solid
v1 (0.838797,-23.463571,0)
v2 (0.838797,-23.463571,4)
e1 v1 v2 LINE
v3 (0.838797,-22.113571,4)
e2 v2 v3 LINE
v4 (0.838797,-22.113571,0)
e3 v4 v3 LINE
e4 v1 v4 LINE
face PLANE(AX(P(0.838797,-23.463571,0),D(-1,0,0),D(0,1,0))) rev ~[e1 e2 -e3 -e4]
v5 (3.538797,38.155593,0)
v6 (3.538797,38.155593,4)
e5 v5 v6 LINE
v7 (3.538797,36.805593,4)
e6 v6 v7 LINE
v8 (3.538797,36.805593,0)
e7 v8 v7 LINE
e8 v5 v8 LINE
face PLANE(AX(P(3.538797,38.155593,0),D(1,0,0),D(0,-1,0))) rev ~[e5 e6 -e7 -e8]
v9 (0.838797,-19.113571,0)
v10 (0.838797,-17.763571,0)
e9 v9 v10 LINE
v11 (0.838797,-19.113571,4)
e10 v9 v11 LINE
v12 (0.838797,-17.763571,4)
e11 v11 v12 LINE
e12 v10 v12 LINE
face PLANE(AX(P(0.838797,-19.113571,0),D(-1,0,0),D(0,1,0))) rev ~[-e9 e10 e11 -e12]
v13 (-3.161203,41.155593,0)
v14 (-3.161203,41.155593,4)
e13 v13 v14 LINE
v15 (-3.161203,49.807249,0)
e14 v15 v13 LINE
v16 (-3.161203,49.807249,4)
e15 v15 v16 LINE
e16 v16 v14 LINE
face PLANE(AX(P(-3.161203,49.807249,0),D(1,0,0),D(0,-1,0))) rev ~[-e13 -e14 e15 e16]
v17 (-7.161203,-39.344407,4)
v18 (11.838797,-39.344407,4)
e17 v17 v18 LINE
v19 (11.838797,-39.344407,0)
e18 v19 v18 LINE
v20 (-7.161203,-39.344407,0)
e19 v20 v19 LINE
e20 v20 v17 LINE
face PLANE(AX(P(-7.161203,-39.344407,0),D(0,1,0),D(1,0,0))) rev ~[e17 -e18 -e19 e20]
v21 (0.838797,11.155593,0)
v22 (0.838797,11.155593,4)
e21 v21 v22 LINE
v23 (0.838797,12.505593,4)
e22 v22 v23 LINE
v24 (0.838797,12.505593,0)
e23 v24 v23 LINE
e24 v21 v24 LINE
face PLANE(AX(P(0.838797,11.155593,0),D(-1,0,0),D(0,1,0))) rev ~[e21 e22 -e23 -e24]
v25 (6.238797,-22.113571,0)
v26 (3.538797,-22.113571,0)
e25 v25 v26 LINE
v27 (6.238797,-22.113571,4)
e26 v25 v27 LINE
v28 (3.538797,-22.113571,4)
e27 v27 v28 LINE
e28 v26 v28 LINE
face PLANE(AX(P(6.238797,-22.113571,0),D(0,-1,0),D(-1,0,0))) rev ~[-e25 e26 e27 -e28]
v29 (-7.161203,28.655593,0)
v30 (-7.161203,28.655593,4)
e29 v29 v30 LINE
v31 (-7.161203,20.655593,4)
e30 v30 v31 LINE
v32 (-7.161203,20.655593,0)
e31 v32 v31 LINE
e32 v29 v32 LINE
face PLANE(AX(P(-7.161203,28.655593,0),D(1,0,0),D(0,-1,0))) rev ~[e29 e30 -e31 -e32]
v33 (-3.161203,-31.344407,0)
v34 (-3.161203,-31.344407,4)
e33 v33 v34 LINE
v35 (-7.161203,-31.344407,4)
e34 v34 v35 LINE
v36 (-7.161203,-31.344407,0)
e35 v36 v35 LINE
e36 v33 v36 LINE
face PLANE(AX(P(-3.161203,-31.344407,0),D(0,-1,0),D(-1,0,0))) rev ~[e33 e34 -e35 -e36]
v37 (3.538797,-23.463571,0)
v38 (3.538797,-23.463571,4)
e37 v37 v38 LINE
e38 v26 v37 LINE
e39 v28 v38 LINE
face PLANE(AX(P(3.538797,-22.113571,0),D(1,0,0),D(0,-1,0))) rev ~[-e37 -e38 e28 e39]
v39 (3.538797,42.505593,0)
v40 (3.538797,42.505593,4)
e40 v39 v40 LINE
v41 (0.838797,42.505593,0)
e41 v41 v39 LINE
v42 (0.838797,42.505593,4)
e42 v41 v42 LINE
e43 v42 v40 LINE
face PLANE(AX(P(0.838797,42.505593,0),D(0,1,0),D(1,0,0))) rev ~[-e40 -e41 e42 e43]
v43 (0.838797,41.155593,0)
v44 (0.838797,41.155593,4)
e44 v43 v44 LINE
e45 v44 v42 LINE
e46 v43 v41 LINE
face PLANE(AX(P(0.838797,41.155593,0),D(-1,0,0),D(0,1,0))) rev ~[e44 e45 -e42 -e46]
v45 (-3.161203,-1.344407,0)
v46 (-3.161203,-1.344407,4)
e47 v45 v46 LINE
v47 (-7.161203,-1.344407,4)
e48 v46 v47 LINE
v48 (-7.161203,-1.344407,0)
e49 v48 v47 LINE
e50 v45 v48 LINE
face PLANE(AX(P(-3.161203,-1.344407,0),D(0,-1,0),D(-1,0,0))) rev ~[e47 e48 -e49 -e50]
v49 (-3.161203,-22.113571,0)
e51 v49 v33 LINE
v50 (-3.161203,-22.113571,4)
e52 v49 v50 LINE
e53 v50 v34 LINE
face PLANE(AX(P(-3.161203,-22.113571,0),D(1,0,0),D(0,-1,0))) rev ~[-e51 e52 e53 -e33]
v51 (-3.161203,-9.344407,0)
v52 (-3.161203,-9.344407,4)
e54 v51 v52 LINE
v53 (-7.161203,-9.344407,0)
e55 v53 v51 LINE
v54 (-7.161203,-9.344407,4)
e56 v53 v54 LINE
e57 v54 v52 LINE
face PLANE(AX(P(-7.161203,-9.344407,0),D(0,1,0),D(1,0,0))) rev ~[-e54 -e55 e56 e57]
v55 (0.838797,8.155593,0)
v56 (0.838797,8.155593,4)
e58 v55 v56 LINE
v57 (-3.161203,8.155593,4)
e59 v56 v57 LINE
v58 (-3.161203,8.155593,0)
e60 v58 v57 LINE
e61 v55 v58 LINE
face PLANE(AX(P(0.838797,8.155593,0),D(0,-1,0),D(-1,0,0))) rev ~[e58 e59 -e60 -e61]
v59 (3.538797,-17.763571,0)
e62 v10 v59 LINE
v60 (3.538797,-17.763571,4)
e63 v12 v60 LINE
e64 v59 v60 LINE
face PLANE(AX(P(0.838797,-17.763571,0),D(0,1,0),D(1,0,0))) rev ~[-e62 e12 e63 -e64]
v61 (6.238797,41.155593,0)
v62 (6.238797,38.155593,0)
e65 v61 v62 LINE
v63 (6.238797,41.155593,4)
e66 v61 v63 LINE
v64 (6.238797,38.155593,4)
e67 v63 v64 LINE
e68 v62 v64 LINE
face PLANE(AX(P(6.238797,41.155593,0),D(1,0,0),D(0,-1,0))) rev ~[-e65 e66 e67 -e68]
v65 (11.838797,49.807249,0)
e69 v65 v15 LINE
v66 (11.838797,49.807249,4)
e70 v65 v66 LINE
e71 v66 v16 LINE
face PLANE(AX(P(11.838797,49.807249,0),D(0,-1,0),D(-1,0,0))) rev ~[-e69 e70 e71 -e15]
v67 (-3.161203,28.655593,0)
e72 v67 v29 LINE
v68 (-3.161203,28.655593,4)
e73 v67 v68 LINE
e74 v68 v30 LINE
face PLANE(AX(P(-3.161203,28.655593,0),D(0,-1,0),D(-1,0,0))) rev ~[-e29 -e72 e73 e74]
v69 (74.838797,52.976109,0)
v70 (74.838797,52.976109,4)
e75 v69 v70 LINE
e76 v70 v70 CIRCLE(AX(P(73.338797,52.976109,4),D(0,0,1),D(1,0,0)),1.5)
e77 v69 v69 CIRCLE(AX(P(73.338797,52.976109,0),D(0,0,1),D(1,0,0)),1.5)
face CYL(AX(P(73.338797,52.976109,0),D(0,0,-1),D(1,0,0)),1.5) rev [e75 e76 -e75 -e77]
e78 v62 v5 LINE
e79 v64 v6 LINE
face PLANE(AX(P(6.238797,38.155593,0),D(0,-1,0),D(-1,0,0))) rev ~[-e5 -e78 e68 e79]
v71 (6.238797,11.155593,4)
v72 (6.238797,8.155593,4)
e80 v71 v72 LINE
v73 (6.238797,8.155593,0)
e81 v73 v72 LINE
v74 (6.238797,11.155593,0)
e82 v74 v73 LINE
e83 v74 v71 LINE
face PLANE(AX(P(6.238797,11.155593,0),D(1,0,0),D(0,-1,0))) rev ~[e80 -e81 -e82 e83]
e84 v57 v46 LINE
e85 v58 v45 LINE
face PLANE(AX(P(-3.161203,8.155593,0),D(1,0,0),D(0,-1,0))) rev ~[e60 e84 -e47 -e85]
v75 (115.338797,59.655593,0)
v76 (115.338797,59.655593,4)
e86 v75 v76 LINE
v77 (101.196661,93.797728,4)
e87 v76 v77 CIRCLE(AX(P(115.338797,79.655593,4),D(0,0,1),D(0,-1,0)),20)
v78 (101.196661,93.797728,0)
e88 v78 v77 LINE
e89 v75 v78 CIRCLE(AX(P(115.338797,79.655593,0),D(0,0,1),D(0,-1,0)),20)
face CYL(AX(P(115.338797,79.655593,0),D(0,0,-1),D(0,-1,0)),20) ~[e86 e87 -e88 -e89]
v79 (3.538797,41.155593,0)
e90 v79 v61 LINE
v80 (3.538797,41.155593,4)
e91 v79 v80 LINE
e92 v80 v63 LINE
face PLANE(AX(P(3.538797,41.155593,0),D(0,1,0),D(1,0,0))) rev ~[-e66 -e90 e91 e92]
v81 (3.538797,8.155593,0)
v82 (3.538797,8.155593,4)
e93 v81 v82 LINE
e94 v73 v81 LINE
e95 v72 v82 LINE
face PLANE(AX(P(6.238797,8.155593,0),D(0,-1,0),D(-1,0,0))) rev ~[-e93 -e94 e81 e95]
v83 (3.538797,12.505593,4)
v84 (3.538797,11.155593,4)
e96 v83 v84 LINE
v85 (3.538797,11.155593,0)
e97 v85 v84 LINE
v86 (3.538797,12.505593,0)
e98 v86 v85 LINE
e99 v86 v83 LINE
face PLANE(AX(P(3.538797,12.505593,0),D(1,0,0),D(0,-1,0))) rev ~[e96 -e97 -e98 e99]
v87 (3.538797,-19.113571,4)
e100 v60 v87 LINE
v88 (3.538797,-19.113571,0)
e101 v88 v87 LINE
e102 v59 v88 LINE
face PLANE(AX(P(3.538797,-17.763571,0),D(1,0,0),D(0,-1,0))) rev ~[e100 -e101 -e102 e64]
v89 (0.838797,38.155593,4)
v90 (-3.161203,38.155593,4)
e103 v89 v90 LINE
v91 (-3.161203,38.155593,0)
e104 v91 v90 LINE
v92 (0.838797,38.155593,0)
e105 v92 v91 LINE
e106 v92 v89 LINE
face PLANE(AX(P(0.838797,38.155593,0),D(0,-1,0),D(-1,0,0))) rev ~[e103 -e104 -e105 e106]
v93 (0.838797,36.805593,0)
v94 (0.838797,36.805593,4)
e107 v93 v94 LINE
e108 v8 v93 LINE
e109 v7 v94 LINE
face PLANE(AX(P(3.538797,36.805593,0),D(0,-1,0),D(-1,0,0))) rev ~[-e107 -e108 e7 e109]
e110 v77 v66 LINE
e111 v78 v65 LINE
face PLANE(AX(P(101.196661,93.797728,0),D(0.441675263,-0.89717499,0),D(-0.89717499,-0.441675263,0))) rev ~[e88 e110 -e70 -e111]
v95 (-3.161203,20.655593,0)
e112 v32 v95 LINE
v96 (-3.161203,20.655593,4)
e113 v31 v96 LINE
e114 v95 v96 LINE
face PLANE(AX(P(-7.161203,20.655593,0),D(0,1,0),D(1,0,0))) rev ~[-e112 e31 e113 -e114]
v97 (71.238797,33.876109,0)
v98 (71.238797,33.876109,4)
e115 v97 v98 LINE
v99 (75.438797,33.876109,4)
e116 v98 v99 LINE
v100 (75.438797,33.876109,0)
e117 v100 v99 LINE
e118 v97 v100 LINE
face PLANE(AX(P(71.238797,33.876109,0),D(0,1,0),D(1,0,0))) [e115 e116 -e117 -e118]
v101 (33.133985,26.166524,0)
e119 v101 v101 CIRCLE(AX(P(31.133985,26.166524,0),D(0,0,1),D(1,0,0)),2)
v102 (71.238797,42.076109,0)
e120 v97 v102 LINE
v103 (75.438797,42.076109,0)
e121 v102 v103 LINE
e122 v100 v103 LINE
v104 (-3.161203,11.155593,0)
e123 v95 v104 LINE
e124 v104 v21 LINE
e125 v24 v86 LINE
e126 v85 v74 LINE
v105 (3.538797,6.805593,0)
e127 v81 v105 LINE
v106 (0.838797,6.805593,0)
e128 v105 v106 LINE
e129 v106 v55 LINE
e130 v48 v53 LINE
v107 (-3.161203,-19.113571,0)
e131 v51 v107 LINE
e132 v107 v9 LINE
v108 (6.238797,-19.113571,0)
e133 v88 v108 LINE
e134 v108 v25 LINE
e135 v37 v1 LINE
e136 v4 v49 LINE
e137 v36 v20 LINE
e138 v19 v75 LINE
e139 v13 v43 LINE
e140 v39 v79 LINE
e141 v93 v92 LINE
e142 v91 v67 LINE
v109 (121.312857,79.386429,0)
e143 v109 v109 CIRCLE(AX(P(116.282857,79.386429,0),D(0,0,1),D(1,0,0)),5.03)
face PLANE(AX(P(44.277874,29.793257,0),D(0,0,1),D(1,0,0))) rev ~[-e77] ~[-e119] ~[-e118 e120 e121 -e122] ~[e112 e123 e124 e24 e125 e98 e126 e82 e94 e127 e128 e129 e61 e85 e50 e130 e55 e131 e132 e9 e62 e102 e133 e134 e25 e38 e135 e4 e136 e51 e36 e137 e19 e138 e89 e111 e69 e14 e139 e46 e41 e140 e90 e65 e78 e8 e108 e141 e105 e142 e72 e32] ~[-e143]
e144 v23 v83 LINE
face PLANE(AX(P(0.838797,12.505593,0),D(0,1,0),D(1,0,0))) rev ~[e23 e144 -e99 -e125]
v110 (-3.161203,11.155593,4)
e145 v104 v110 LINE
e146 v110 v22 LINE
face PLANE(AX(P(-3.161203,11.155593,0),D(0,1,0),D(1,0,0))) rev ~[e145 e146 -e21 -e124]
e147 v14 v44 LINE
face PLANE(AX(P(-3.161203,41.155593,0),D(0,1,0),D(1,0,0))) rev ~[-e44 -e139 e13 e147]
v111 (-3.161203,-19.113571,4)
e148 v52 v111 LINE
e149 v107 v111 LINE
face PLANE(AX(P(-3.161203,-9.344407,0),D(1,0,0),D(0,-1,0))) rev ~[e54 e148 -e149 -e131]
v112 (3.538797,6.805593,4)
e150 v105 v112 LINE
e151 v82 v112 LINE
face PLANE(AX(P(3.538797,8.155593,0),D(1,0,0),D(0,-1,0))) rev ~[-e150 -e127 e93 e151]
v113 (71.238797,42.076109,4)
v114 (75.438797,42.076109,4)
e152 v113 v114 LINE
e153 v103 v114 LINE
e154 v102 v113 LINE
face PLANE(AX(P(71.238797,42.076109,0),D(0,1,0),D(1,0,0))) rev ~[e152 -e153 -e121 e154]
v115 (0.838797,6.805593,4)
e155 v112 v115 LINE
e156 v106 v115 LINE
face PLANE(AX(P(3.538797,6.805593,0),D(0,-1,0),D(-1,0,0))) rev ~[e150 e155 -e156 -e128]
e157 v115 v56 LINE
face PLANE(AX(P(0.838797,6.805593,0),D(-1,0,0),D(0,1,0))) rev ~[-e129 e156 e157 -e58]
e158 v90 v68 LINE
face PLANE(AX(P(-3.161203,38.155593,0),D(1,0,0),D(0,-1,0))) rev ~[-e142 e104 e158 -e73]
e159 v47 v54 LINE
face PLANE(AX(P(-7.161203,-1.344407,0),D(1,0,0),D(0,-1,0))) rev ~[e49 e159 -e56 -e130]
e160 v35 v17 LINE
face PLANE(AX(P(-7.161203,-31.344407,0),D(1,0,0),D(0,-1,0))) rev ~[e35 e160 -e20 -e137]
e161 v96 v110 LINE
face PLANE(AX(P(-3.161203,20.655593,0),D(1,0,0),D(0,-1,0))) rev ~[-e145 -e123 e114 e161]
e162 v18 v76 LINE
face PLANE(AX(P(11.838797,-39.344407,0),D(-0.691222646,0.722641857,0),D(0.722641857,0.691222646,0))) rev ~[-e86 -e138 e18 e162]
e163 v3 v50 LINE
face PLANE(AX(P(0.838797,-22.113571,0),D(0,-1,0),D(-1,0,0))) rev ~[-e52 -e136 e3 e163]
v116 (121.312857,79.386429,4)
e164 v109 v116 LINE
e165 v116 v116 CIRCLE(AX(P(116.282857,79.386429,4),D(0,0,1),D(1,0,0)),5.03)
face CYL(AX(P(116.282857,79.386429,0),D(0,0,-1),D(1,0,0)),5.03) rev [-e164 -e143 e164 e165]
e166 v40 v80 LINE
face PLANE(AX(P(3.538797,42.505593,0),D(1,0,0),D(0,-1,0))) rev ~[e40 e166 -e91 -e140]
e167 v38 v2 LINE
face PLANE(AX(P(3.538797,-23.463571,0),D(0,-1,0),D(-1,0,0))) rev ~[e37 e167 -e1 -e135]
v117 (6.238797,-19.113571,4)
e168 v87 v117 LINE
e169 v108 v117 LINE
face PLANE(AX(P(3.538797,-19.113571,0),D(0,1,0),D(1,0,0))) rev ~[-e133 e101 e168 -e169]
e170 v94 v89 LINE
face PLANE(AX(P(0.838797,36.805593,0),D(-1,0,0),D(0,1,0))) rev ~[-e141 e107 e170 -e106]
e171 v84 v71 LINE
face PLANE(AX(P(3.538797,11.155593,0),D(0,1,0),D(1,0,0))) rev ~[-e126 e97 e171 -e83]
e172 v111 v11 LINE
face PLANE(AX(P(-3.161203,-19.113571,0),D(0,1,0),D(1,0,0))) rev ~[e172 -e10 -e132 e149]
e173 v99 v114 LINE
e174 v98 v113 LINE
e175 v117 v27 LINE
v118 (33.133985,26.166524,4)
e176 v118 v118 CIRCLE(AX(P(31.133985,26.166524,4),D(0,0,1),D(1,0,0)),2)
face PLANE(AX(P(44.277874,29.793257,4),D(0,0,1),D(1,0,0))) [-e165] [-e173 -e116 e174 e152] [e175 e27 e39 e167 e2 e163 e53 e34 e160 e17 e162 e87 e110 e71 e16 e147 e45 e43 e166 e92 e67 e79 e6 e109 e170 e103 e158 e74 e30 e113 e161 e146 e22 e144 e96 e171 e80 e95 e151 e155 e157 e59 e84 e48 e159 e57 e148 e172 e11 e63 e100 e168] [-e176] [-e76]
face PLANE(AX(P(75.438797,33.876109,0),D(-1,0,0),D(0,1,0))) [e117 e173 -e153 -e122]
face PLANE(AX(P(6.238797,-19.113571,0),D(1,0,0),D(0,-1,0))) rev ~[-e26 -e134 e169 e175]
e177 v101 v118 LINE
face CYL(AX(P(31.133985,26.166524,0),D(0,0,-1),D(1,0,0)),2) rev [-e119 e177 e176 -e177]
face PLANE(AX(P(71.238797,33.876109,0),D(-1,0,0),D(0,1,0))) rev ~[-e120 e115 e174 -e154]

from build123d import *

# Parameters (mm, degrees)
SKETCH_1_R      = 2
SKETCH_1_W      = 4.2
SKETCH_1_H      = 8.2
SKETCH_1_R_2    = 1.5
SKETCH_1_R_3    = 5.03
EXTRUDE_1_DEPTH = 4


with BuildPart() as part:
    # 草图1 → 凸台-拉伸1 (new body)
    with BuildSketch(Plane.XY):
        with BuildLine():
            Line((0.838796757, -22.113571429), (-3.161203243, -22.113571429))
            Line((-3.161203243, -22.113571429), (-3.161203243, -31.344407284))
            Line((-3.161203243, -31.344407284), (-7.161203243, -31.344407284))
            Line((-7.161203243, -31.344407284), (-7.161203243, -39.344407284))
            Line((-7.161203243, -39.344407284), (-3.161203243, -39.344407284))
            Line((-3.161203243, -39.344407284), (11.838796757, -39.344407284))
            Line((11.838796757, -39.344407284), (115.338796757, 59.655592716))
            ThreePointArc((115.338796757, 59.655592716), (133.816387407, 87.309261363), (101.196661133, 93.797728339))
            Line((101.196661133, 93.797728339), (11.838796757, 49.807248516))
            Line((11.838796757, 49.807248516), (-3.161203243, 49.807248516))
            Line((-3.161203243, 49.807248516), (-3.161203243, 41.155592716))
            Line((-3.161203243, 41.155592716), (0.838796757, 41.155592716))
            Line((0.838796757, 41.155592716), (0.838796757, 42.505592716))
            Line((0.838796757, 42.505592716), (3.538796757, 42.505592716))
            Line((3.538796757, 42.505592716), (3.538796757, 41.155592716))
            Line((3.538796757, 41.155592716), (6.238796757, 41.155592716))
            Line((6.238796757, 41.155592716), (6.238796757, 38.155592716))
            Line((6.238796757, 38.155592716), (3.538796757, 38.155592716))
            Line((3.538796757, 38.155592716), (3.538796757, 36.805592716))
            Line((3.538796757, 36.805592716), (0.838796757, 36.805592716))
            Line((0.838796757, 36.805592716), (0.838796757, 38.155592716))
            Line((0.838796757, 38.155592716), (-3.161203243, 38.155592716))
            Line((-3.161203243, 38.155592716), (-3.161203243, 28.655592716))
            Line((-3.161203243, 28.655592716), (-7.161203243, 28.655592716))
            Line((-7.161203243, 28.655592716), (-7.161203243, 20.655592716))
            Line((-7.161203243, 20.655592716), (-3.161203243, 20.655592716))
            Line((-3.161203243, 20.655592716), (-3.161203243, 11.155592716))
            Line((-3.161203243, 11.155592716), (0.838796757, 11.155592716))
            Line((0.838796757, 11.155592716), (0.838796757, 12.505592716))
            Line((0.838796757, 12.505592716), (3.538796757, 12.505592716))
            Line((3.538796757, 12.505592716), (3.538796757, 11.155592716))
            Line((3.538796757, 11.155592716), (6.238796757, 11.155592716))
            Line((6.238796757, 11.155592716), (6.238796757, 8.155592716))
            Line((6.238796757, 8.155592716), (3.538796757, 8.155592716))
            Line((3.538796757, 8.155592716), (3.538796757, 6.805592716))
            Line((3.538796757, 6.805592716), (0.838796757, 6.805592716))
            Line((0.838796757, 6.805592716), (0.838796757, 8.155592716))
            Line((0.838796757, 8.155592716), (-3.161203243, 8.155592716))
            Line((-3.161203243, 8.155592716), (-3.161203243, -1.344407284))
            Line((-3.161203243, -1.344407284), (-7.161203243, -1.344407284))
            Line((-7.161203243, -1.344407284), (-7.161203243, -9.344407284))
            Line((-7.161203243, -9.344407284), (-3.161203243, -9.344407284))
            Line((-3.161203243, -9.344407284), (-3.161203243, -19.113571429))
            Line((-3.161203243, -19.113571429), (0.838796757, -19.113571429))
            Line((0.838796757, -19.113571429), (0.838796757, -17.763571429))
            Line((0.838796757, -17.763571429), (3.538796757, -17.763571429))
            Line((3.538796757, -17.763571429), (3.538796757, -19.113571429))
            Line((3.538796757, -19.113571429), (6.238796757, -19.113571429))
            Line((6.238796757, -19.113571429), (6.238796757, -22.113571429))
            Line((6.238796757, -22.113571429), (3.538796757, -22.113571429))
            Line((3.538796757, -22.113571429), (3.538796757, -23.463571429))
            Line((3.538796757, -23.463571429), (0.838796757, -23.463571429))
            Line((0.838796757, -23.463571429), (0.838796757, -22.113571429))
        make_face()
        with Locations((31.133984923, 26.166524095)):
            Circle(SKETCH_1_R, mode=Mode.SUBTRACT)
        with Locations((73.338796757, 37.976109285)):
            Rectangle(SKETCH_1_W, SKETCH_1_H, mode=Mode.SUBTRACT)
        with Locations((73.338796757, 52.976109285)):
            Circle(SKETCH_1_R_2, mode=Mode.SUBTRACT)
        with Locations((116.282857143, 79.386428571)):
            Circle(SKETCH_1_R_3, mode=Mode.SUBTRACT)
    extrude(amount=EXTRUDE_1_DEPTH)


solid = part.part
